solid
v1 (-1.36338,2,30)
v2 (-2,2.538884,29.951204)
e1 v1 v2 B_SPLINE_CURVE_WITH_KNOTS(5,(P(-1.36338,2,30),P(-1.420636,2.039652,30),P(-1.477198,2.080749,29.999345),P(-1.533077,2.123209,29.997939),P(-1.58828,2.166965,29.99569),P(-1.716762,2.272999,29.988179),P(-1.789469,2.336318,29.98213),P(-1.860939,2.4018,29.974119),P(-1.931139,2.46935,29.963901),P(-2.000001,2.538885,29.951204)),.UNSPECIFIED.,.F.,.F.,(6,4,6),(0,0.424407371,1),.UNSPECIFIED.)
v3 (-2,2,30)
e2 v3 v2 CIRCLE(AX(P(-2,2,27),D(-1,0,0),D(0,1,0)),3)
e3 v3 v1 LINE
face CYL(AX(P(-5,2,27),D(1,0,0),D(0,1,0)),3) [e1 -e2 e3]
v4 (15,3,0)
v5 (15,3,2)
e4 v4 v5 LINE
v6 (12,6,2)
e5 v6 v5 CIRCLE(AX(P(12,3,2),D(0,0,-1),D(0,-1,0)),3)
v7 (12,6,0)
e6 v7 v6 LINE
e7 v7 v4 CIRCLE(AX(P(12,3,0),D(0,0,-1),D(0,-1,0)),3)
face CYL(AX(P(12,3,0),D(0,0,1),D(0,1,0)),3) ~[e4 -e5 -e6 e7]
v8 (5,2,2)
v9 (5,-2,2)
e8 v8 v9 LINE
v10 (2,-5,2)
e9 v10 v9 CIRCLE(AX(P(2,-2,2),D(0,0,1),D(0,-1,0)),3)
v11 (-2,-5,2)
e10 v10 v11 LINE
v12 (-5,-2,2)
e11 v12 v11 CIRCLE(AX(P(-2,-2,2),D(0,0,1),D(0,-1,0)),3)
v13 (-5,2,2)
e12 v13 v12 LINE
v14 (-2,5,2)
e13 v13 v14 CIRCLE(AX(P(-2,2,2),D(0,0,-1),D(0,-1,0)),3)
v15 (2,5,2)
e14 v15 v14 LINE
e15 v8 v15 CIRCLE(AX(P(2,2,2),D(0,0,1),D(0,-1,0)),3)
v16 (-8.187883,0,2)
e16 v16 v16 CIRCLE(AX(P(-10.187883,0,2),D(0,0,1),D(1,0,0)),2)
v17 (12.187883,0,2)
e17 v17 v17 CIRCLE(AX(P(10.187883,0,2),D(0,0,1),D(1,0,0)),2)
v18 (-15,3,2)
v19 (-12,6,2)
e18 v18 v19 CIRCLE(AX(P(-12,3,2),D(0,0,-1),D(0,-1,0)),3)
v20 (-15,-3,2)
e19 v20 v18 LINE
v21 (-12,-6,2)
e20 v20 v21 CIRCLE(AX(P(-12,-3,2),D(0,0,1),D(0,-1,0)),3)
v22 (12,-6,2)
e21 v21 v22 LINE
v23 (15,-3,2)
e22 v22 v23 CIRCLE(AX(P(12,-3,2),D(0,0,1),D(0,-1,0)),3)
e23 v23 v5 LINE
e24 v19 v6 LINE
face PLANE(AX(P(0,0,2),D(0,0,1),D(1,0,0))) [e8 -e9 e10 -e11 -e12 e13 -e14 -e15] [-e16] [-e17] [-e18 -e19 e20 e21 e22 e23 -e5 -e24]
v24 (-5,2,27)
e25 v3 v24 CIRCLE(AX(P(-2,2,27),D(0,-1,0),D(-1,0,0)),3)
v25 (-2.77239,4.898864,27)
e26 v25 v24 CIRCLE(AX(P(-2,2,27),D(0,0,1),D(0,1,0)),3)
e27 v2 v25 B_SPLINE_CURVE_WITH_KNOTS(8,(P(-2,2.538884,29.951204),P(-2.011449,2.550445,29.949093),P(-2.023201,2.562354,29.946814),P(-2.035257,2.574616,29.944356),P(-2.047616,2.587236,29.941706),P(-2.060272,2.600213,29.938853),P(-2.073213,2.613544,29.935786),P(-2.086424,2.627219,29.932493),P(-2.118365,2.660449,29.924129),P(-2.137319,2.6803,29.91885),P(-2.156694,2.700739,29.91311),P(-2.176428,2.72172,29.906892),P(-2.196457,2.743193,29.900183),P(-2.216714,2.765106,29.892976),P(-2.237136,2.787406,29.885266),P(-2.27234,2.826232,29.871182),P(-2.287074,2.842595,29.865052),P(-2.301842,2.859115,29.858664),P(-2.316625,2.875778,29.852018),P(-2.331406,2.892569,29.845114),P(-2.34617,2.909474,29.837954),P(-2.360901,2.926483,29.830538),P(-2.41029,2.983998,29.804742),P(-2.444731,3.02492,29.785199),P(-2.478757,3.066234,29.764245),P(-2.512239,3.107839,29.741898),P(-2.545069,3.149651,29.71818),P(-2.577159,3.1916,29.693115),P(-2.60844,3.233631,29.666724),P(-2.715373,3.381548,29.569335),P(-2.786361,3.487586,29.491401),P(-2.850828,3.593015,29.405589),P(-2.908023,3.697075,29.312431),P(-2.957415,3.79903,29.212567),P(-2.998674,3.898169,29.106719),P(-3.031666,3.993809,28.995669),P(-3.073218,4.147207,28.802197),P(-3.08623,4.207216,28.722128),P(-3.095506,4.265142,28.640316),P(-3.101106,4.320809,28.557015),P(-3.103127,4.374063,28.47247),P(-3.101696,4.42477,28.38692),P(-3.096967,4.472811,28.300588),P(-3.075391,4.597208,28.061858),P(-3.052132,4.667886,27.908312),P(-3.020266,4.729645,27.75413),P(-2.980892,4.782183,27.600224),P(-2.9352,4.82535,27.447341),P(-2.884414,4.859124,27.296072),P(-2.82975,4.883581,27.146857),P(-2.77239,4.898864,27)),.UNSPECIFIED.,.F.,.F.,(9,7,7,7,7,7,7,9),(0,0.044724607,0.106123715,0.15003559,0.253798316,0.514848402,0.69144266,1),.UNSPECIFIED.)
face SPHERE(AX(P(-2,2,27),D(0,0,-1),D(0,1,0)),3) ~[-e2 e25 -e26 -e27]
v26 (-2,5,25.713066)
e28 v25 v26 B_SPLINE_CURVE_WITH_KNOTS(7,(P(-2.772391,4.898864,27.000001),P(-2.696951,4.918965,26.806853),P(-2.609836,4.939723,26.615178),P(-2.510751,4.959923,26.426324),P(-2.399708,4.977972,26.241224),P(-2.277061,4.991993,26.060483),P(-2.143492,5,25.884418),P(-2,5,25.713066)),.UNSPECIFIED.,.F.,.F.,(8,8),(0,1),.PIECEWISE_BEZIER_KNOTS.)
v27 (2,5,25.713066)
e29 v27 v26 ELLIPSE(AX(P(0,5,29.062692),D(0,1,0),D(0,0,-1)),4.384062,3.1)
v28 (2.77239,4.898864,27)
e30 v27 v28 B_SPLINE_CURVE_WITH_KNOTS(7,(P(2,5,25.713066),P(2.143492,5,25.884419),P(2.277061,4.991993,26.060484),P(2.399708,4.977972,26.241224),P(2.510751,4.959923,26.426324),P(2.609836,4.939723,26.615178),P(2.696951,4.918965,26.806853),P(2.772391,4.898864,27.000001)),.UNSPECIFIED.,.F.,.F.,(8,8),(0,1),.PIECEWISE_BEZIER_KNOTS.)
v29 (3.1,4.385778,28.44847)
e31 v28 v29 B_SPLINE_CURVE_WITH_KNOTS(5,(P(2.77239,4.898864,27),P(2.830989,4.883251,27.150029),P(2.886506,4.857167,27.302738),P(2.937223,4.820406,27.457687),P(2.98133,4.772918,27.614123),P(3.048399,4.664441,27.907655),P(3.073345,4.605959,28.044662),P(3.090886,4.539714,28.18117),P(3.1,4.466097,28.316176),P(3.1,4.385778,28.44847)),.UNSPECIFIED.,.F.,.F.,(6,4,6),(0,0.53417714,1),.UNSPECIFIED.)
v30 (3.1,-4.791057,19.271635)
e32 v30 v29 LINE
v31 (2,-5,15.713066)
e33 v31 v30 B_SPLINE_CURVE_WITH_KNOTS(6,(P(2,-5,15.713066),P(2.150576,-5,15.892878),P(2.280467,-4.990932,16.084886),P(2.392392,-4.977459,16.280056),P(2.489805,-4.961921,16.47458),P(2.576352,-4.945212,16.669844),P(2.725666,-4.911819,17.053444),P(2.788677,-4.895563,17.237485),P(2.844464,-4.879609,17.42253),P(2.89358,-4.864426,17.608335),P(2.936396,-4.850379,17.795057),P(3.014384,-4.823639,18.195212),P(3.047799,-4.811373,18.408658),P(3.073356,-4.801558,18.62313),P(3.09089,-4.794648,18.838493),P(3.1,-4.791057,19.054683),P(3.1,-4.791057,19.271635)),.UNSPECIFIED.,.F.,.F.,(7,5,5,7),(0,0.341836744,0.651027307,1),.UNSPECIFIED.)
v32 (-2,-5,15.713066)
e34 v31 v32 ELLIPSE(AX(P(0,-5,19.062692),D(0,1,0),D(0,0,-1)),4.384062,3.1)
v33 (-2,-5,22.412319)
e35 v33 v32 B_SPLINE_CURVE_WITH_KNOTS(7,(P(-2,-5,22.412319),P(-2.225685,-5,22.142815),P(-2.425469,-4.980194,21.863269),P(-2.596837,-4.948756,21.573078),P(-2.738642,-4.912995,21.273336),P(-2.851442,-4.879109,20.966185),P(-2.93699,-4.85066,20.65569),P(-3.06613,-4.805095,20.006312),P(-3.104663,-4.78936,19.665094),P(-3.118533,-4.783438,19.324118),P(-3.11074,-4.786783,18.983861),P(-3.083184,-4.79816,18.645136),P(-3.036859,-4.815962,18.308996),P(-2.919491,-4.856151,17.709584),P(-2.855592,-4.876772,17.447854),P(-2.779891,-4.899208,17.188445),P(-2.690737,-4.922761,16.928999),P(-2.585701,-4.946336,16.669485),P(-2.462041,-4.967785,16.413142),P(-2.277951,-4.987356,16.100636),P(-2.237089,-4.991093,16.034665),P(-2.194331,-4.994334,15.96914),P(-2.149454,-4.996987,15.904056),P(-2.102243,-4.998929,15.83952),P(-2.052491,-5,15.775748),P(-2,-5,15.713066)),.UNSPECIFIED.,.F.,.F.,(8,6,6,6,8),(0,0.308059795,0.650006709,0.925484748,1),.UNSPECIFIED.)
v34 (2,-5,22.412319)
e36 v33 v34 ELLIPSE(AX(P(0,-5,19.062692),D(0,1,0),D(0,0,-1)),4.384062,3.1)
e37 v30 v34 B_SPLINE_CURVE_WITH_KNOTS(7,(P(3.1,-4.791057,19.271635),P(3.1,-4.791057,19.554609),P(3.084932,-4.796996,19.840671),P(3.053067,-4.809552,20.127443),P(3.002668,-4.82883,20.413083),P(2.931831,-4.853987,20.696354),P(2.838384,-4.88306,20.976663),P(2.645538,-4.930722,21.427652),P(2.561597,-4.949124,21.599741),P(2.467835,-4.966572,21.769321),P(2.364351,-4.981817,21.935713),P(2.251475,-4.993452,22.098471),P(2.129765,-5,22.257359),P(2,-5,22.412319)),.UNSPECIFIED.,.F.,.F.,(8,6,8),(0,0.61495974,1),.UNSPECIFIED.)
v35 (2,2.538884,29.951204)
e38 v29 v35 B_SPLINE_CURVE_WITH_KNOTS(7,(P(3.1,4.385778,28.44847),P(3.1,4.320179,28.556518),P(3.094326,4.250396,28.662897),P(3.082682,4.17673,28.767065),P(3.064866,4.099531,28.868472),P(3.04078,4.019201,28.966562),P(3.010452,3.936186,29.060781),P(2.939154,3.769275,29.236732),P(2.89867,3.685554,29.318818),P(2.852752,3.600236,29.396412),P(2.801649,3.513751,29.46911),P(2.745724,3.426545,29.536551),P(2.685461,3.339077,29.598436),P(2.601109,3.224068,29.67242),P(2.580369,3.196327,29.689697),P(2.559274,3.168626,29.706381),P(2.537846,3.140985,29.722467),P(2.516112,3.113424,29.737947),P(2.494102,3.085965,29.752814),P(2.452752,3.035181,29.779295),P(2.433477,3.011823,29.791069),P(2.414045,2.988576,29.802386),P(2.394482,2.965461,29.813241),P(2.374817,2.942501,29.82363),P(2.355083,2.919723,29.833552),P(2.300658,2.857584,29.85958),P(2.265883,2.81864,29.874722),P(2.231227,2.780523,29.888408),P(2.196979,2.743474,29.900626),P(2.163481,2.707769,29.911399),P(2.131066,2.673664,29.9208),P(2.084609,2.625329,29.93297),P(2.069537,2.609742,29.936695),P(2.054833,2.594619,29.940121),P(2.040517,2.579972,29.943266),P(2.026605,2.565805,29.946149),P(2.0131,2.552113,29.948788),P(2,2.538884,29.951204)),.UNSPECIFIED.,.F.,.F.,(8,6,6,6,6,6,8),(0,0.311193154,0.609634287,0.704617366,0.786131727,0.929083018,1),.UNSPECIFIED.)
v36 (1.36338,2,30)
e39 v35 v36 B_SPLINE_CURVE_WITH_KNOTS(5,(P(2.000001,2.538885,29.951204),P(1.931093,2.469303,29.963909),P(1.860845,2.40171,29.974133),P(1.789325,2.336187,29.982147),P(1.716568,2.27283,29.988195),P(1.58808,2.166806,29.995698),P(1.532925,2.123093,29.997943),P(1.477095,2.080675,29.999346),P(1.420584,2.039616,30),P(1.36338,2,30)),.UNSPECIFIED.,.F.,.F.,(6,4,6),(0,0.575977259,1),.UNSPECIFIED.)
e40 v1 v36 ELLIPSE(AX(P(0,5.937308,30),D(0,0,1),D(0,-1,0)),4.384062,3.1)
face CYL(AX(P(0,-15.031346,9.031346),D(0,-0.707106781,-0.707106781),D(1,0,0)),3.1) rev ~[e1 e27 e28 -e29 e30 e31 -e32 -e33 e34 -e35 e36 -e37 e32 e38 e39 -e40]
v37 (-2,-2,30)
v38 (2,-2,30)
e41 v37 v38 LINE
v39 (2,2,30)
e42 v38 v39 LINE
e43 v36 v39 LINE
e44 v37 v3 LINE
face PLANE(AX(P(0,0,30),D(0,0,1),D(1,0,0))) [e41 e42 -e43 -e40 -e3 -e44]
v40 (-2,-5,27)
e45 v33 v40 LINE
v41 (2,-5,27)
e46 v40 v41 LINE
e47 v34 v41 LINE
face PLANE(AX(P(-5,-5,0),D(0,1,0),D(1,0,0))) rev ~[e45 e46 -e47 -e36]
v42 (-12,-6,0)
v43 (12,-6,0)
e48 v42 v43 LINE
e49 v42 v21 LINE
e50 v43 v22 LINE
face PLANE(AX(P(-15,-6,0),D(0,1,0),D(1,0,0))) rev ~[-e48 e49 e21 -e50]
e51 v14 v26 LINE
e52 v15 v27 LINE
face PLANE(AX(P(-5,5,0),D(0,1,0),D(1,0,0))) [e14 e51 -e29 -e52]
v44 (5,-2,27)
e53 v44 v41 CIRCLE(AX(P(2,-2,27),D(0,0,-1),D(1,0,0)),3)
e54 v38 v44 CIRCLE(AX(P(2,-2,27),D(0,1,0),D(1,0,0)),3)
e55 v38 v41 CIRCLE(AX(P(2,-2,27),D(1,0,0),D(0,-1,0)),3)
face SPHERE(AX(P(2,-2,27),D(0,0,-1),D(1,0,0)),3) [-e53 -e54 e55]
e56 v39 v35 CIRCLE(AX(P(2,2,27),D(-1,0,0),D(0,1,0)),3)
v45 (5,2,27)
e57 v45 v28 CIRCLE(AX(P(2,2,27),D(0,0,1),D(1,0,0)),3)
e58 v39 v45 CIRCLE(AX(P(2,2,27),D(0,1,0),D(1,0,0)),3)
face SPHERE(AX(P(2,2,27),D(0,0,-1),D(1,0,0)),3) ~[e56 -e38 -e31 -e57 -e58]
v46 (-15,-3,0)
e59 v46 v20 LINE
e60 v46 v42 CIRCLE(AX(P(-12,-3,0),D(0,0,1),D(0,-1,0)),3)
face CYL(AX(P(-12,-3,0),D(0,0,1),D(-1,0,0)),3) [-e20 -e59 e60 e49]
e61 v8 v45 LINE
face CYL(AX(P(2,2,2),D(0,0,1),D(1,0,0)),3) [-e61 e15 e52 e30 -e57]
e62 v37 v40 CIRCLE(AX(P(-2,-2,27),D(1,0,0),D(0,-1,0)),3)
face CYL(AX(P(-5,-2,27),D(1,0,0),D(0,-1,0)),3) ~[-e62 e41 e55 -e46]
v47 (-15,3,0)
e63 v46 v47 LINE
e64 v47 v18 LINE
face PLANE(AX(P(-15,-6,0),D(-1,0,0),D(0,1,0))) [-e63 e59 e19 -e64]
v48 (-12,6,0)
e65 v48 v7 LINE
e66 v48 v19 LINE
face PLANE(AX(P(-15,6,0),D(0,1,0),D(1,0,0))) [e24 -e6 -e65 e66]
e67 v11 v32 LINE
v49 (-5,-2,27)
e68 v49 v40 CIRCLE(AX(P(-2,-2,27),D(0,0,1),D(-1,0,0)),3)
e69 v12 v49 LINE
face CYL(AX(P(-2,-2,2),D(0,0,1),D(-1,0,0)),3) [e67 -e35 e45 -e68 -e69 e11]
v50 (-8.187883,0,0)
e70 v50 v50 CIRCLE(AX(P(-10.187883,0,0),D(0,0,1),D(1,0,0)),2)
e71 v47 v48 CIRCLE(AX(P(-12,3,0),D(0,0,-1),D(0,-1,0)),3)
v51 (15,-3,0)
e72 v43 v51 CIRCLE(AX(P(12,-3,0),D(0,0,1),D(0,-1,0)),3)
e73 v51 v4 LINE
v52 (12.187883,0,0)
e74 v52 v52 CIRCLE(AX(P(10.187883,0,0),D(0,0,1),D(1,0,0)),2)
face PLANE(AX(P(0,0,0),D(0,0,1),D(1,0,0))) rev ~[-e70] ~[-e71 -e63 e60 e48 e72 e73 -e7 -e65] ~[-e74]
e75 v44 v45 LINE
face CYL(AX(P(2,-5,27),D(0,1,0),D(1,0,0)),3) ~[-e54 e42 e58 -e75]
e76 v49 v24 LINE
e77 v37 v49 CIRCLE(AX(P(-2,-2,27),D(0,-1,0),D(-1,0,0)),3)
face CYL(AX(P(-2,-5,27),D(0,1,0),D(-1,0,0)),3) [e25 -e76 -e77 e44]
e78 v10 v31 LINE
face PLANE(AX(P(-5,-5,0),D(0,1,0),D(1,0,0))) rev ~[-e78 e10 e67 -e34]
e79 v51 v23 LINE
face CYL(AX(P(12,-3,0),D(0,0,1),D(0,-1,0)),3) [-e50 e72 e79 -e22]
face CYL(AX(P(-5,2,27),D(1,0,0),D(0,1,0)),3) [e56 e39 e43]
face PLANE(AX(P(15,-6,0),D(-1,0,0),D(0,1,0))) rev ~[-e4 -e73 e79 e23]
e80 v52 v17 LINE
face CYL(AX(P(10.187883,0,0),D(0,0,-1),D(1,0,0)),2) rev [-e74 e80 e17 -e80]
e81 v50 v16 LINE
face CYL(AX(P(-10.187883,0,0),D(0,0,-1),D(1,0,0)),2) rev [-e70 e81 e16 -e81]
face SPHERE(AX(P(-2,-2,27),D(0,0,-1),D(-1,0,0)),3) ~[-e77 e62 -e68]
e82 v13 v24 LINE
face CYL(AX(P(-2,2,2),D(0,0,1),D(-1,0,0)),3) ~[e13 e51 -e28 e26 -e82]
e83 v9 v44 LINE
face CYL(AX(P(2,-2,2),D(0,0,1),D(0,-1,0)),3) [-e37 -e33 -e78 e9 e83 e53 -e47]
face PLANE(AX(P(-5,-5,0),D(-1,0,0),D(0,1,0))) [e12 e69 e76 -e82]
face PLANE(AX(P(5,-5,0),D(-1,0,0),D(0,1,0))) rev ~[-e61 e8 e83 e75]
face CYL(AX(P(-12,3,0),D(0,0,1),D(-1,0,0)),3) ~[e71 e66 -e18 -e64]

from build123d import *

# Parameters (mm, degrees)
F0_W     = 30
F0_H     = 12
F0_R     = 2
F0_W_2   = 10
F0_H_2   = 10
F1_DEPTH = 2
F2_DEPTH = 30
F3_R     = 3
F5_R     = 3.1
F6_DEPTH = 100


with BuildPart() as f1:
    # F0 (on Top) → F1 (new body)
    with BuildSketch(Plane.XY):
        Rectangle(F0_W, F0_H)
        with Locations((-10.187883, 0)):
            Circle(F0_R, mode=Mode.SUBTRACT)
        Rectangle(F0_W_2, F0_H_2, mode=Mode.SUBTRACT)
        with Locations((10.187883, 0)):
            Circle(F0_R, mode=Mode.SUBTRACT)
        Rectangle(F0_W_2, F0_H_2)
    extrude(amount=F1_DEPTH)

    # F0 (on Top) → F2 (join)
    with BuildSketch(Plane.XY):
        Rectangle(F0_W_2, F0_H_2)
    extrude(amount=F2_DEPTH)

    # F3
    f3_edges = [f1.edges().sort_by_distance(p)[0] for p in [
        (-15, -6, 1),
        (-5, -5, 16),
        (5, -5, 16),
        (5, 5, 16),
        (15, -6, 1),
        (15, 6, 1),
        (-5, 5, 16),
        (-15, 6, 1),
        (5, 0, 30),
        (0, 5, 30),
        (-5, 0, 30),
        (0, -5, 30),
    ]]
    fillet(f3_edges, radius=F3_R)

    # F5 (on face) → F6 (cut)
    with BuildSketch(Plane(origin=(0, -3, -3), x_dir=(1, 0, 0), z_dir=(0, -0.707107, -0.707107))):
        with Locations((0, 17.014893)):
            Circle(F5_R)
    extrude(amount=-F6_DEPTH, mode=Mode.SUBTRACT)


solid = f1.part
